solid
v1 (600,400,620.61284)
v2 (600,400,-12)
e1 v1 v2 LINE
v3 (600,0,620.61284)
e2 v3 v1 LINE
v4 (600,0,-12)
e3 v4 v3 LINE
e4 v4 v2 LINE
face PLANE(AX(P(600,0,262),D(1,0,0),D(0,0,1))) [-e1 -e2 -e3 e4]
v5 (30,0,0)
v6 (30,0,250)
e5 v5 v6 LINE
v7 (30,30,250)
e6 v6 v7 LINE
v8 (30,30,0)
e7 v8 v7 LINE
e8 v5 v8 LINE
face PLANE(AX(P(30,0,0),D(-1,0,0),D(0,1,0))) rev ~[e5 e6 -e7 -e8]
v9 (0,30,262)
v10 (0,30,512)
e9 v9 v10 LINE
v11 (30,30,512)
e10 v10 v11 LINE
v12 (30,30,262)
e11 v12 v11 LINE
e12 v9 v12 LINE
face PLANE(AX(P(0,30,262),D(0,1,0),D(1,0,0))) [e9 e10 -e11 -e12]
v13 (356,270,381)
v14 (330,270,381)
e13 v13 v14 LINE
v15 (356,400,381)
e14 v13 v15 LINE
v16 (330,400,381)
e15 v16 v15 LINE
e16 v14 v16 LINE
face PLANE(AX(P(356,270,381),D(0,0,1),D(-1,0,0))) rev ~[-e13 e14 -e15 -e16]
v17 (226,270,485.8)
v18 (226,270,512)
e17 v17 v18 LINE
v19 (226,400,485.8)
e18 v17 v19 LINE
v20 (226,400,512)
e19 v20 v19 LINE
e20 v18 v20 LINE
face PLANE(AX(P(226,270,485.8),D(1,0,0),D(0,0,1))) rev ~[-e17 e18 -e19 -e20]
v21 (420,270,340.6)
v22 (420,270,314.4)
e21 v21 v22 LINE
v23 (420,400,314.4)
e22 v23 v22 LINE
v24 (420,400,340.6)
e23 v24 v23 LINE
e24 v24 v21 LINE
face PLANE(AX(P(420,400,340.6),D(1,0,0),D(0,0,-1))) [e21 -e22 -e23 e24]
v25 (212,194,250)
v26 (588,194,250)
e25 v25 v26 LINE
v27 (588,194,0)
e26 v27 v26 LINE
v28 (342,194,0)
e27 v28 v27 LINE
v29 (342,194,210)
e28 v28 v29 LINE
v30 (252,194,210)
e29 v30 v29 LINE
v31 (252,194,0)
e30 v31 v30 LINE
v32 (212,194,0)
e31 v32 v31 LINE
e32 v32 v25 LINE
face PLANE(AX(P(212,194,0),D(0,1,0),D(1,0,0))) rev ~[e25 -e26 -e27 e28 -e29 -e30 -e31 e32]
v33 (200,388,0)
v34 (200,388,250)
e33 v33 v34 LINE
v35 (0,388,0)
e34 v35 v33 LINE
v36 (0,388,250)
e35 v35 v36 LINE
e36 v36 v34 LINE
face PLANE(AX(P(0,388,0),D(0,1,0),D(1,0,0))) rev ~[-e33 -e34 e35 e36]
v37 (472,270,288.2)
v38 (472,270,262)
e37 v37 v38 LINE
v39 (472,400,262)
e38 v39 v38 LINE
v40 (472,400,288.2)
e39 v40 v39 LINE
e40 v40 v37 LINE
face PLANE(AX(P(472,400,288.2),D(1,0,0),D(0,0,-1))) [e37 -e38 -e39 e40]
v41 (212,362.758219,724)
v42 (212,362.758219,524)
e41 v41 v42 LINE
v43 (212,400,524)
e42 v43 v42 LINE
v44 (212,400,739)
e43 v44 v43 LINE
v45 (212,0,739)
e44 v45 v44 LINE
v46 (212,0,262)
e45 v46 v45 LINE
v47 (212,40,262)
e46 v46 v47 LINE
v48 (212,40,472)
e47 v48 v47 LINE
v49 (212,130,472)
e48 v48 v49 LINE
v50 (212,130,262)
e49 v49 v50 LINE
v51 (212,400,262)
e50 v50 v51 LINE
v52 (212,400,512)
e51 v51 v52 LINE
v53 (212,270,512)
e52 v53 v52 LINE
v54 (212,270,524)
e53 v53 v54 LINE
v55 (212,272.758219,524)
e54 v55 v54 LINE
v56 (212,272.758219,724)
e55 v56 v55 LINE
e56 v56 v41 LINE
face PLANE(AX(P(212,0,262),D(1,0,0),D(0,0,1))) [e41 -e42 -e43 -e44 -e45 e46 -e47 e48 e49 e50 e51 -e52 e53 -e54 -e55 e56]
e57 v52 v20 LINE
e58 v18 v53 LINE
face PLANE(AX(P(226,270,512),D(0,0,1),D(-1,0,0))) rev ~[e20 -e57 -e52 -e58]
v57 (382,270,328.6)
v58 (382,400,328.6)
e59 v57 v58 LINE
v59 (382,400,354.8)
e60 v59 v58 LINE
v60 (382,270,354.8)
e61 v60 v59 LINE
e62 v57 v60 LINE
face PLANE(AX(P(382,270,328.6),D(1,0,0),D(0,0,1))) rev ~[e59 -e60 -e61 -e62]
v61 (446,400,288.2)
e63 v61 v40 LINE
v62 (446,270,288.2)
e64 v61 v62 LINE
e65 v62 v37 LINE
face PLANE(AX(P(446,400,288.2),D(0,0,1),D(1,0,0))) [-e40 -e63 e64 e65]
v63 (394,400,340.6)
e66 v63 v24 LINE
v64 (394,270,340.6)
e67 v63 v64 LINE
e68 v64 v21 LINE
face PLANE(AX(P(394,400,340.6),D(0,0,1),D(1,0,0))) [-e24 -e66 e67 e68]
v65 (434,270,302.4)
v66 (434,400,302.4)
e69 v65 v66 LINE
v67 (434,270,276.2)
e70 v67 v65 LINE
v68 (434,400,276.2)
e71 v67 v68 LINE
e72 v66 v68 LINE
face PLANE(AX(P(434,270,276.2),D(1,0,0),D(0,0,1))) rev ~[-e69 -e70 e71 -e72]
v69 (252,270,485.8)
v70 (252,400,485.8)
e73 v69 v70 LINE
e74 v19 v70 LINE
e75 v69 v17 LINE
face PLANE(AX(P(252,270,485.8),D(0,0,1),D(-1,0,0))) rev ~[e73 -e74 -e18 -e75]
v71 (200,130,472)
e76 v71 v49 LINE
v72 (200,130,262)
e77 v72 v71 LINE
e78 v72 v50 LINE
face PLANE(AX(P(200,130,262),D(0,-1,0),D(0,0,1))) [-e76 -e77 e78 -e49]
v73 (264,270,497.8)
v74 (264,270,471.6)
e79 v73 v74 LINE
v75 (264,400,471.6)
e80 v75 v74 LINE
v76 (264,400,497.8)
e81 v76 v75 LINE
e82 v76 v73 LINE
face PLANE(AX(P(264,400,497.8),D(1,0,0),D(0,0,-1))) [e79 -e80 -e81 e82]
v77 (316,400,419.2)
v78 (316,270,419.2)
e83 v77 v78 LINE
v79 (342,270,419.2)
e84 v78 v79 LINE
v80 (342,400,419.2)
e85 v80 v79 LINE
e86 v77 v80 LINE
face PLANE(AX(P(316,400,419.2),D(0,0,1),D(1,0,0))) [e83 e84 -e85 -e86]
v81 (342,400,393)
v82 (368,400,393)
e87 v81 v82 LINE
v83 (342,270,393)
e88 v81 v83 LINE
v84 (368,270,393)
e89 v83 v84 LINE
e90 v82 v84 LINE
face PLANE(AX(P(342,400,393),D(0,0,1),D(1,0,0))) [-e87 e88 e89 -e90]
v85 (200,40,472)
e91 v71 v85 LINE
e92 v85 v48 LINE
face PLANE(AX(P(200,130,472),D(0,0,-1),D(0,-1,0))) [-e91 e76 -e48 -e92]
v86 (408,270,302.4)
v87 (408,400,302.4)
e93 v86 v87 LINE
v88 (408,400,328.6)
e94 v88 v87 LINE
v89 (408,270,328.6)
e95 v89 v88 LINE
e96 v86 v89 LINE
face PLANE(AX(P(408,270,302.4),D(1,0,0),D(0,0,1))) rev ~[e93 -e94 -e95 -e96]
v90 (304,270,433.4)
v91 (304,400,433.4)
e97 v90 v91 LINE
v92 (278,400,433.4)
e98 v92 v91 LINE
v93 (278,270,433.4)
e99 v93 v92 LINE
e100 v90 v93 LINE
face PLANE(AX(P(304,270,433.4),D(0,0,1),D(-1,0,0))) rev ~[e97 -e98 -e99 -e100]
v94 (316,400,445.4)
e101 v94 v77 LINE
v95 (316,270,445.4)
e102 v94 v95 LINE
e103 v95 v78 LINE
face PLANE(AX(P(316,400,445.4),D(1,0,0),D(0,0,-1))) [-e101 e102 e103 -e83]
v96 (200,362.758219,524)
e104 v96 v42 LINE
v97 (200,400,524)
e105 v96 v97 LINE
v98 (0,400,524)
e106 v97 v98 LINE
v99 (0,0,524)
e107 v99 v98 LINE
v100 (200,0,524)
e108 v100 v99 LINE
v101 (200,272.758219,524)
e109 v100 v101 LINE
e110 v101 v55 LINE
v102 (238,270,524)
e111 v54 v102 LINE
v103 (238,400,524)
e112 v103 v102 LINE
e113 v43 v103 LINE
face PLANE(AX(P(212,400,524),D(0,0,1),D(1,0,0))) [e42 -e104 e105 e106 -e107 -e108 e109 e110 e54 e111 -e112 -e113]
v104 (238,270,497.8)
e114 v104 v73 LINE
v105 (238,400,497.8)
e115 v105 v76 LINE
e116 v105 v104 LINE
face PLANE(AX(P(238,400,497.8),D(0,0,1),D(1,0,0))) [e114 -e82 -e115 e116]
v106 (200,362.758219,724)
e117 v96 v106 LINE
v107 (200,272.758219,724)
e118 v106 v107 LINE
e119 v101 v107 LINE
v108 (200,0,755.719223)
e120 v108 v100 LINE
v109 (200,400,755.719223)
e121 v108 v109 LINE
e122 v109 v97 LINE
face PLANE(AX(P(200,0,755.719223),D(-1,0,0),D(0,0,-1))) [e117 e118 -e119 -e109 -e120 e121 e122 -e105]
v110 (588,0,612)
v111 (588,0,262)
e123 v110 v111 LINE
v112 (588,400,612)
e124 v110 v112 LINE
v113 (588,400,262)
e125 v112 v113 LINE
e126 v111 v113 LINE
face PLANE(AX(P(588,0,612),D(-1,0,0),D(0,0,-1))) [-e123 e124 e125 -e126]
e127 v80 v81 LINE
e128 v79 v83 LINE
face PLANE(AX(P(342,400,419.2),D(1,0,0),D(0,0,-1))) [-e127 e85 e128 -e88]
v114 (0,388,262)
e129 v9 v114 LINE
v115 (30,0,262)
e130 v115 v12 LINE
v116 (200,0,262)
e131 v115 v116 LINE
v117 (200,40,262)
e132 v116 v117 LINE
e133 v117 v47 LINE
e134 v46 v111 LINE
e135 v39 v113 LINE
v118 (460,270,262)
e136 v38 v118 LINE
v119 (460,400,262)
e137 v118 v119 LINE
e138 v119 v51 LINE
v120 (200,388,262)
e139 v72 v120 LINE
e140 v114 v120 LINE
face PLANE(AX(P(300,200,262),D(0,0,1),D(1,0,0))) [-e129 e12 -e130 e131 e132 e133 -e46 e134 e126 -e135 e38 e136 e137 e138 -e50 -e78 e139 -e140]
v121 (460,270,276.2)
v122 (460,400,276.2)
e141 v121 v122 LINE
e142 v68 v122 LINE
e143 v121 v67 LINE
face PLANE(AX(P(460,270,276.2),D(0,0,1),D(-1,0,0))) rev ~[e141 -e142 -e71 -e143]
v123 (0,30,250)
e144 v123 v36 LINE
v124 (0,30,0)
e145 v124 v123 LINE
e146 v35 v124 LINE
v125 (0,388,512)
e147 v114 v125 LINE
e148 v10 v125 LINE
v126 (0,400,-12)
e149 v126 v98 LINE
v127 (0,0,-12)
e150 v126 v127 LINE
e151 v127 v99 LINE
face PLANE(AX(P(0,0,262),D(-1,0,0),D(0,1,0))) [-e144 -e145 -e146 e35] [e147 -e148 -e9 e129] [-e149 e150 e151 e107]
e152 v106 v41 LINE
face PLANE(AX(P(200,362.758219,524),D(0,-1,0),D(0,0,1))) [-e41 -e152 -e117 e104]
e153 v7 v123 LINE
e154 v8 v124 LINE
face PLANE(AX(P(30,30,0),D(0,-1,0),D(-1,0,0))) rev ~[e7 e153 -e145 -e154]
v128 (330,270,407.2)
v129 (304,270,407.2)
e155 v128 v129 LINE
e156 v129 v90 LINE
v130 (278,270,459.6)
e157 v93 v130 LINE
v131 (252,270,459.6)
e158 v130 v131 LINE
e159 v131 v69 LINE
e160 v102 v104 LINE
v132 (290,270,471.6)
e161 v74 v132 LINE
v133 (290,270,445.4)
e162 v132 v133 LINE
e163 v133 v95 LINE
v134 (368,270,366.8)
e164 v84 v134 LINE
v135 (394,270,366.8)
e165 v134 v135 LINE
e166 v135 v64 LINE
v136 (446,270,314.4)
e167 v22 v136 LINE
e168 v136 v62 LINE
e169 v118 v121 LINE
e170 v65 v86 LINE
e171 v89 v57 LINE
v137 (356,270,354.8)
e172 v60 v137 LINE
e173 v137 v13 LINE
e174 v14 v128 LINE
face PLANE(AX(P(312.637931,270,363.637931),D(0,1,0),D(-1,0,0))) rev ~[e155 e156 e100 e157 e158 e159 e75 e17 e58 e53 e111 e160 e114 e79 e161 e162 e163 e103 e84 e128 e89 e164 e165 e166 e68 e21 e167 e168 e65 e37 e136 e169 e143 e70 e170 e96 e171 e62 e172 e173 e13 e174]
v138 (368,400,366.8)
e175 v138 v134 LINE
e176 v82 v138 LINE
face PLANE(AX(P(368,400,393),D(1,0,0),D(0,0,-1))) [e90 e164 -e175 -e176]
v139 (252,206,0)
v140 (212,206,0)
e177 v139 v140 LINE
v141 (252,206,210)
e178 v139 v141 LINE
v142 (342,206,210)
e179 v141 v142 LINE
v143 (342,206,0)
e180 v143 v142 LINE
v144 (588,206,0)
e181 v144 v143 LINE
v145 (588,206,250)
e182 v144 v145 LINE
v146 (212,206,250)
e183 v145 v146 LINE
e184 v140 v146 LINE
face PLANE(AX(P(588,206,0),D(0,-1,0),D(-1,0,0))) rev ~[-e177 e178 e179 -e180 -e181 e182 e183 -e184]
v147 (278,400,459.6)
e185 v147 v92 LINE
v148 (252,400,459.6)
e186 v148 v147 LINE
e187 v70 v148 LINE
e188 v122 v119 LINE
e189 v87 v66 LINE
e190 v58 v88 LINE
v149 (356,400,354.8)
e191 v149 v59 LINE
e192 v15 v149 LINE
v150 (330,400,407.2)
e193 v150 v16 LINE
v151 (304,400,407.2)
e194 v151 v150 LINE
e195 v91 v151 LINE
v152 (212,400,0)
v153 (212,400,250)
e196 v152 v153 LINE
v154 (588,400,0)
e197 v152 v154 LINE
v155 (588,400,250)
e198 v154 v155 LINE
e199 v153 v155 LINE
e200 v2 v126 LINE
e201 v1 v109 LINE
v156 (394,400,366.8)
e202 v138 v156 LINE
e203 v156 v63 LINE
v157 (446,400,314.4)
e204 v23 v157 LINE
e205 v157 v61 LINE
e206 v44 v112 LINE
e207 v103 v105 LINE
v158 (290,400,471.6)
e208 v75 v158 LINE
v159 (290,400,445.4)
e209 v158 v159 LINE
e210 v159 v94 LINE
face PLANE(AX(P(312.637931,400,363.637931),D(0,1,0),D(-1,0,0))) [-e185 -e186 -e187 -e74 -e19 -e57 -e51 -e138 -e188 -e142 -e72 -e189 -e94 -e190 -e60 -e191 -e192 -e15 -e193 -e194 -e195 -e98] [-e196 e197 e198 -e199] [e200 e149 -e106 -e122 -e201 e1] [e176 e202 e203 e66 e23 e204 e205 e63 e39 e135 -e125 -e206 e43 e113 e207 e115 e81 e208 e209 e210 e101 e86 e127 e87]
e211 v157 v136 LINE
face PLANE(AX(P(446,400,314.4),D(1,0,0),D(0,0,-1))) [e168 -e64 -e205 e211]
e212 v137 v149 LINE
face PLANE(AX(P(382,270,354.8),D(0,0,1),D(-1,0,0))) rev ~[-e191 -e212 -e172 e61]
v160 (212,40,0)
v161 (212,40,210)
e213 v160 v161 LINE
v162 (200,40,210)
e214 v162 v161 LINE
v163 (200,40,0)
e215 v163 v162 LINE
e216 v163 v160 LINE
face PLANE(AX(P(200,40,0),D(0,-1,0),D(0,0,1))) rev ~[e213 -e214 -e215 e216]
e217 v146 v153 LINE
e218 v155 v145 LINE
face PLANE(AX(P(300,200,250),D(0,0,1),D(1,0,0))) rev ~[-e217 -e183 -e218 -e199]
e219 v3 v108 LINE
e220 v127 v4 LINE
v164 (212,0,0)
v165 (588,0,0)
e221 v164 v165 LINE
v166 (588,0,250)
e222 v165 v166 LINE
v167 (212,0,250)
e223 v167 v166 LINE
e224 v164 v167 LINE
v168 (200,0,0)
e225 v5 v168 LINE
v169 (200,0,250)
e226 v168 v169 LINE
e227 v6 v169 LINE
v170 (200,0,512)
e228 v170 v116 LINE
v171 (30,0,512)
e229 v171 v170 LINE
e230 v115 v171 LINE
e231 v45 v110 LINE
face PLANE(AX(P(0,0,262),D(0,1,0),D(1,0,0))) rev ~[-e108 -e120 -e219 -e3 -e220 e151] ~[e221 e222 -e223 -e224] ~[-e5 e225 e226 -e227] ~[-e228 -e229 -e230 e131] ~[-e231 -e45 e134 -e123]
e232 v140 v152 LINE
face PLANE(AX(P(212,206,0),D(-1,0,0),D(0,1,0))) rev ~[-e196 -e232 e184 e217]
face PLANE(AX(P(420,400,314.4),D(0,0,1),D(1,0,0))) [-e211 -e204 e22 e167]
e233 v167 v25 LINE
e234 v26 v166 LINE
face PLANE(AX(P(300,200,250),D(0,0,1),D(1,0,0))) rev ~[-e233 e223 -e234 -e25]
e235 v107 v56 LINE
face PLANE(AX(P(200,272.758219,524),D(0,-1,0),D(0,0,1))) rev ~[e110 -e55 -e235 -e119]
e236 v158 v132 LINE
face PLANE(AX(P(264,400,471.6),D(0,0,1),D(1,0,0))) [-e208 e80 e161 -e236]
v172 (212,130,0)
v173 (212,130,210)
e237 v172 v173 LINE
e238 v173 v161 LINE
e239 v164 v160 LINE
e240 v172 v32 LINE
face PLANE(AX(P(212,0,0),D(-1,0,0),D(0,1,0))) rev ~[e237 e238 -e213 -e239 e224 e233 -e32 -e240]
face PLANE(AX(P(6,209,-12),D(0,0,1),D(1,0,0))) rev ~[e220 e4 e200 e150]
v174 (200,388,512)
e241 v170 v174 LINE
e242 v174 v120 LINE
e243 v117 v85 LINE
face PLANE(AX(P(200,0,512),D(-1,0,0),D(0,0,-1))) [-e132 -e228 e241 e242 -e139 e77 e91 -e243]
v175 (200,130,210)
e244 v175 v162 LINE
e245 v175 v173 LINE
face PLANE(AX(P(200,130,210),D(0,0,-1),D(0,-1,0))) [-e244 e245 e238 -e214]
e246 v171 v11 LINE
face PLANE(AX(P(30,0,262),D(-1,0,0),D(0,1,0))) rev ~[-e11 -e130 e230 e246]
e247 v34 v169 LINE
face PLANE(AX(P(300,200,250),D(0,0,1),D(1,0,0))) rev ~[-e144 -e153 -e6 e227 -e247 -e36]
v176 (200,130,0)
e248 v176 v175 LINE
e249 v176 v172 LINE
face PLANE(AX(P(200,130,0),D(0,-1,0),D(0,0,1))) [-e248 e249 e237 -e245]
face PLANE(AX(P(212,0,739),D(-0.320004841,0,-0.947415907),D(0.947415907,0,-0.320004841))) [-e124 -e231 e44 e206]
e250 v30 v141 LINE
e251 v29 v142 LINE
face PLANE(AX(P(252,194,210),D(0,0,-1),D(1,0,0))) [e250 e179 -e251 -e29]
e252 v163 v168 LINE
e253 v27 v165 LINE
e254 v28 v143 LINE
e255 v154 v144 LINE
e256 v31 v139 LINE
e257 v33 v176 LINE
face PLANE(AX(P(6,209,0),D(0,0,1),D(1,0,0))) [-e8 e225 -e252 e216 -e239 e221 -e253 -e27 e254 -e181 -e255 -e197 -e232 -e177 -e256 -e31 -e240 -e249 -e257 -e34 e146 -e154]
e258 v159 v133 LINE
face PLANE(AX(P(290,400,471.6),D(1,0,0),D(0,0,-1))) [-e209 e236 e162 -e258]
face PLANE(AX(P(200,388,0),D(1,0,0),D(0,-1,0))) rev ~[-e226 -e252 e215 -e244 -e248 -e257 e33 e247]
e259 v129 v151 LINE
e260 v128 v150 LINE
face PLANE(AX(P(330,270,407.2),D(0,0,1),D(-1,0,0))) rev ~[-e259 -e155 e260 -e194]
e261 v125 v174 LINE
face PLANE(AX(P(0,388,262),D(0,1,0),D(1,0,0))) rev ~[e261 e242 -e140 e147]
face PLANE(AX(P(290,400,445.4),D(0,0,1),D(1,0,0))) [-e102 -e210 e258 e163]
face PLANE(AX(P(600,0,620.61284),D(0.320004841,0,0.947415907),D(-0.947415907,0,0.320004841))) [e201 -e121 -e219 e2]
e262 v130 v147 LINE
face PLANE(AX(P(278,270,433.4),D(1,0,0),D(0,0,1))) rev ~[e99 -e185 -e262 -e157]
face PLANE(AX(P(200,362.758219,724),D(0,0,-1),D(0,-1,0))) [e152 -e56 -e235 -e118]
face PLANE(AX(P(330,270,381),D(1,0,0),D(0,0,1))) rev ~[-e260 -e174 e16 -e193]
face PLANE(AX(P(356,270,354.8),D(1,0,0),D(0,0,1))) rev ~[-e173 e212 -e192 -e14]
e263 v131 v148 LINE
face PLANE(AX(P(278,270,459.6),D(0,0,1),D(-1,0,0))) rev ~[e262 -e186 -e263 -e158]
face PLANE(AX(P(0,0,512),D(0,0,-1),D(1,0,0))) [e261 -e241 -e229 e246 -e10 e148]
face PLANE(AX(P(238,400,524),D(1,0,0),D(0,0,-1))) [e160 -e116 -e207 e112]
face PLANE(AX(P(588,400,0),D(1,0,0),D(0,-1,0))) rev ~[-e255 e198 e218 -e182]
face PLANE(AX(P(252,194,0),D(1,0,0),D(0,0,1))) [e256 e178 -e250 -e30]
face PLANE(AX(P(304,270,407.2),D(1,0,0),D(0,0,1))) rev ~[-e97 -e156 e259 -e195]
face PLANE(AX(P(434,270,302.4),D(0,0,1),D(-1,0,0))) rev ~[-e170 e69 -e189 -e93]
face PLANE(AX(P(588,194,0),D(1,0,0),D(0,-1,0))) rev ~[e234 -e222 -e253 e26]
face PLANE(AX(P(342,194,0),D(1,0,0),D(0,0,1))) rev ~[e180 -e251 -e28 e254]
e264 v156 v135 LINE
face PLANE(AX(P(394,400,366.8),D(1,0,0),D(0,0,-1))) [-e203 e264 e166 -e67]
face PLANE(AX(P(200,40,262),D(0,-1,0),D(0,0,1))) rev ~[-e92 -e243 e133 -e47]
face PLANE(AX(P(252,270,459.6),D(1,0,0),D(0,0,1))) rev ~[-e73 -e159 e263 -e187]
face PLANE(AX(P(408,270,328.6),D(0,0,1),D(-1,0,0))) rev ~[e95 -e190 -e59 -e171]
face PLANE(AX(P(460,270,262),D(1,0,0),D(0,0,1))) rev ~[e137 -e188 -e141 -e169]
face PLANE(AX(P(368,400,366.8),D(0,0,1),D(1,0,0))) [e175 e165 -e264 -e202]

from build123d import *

# Parameters (mm, degrees)
F0_W      = 12
F0_H      = 358
F0_W_2    = 18
F0_H_2    = 18
F0_W_3    = 170
F0_H_3    = 12
F0_W_4    = 376
F0_H_4    = 182
F1_DEPTH  = 12
F2_DEPTH  = 250
F3_W      = 90
F3_H      = 210
F4_DEPTH  = 206.001
F5_W      = 90
F5_H      = 210
F6_DEPTH  = 25
F7_W      = 600
F7_H      = 400
F8_DEPTH  = 12
F11_DEPTH = 400
F12_W     = 90
F12_H     = 200
F12_H_2   = 210
F13_DEPTH = 20
F9_W      = 30
F9_H      = 30
F14_DEPTH = 250
F15_DEPTH = 250
F17_DEPTH = 130
F19_DEPTH = 160


with BuildPart() as f1:
    # F0 (on Top) → F1 (new body)
    with BuildSketch(Plane.XY):
        with Locations((6, 209)):
            Rectangle(F0_W, F0_H)
        Polygon((0, 400), (0, 388), (12, 388), (200, 388), (200, 400), align=None)
        Polygon((30, 30), (30, 12), (200, 12), (200, 388), (12, 388), (12, 30), align=None)
        Polygon((0, 30), (0, 0), (30, 0), (30, 12), (12, 12), (12, 30), align=None)
        with Locations((21, 21)):
            Rectangle(F0_W_2, F0_H_2)
        with Locations((115, 6)):
            Rectangle(F0_W_3, F0_H_3)
        Polygon((200, 388), (200, 12), (212, 12), (212, 194), (212, 206), (212, 388), align=None)
        with Locations((206, 6)):
            Rectangle(F0_W, F0_H_3)
        with Locations((400, 6)):
            Rectangle(F0_W_4, F0_H_3)
        with Locations((400, 103)):
            Rectangle(F0_W_4, F0_H_4)
        with Locations((400, 200)):
            Rectangle(F0_W_4, F0_H_3)
        with Locations((400, 297)):
            Rectangle(F0_W_4, F0_H_4)
        with Locations((400, 394)):
            Rectangle(F0_W_4, F0_H_3)
        with Locations((594, 200)):
            Rectangle(F0_W, F0_H_3)
        with Locations((206, 394)):
            Rectangle(F0_W, F0_H_3)
        Polygon((588, 400), (588, 388), (588, 206), (600, 206), (600, 400), align=None)
        Polygon((588, 12), (588, 0), (600, 0), (600, 194), (588, 194), align=None)
    extrude(amount=-F1_DEPTH)

    # F0 (on Top) → F2 (join)
    with BuildSketch(Plane.XY):
        Polygon((0, 400), (0, 388), (12, 388), (200, 388), (200, 400), align=None)
        with Locations((206, 394)):
            Rectangle(F0_W, F0_H_3)
        Polygon((200, 388), (200, 12), (212, 12), (212, 194), (212, 206), (212, 388), align=None)
        with Locations((206, 6)):
            Rectangle(F0_W, F0_H_3)
        with Locations((21, 21)):
            Rectangle(F0_W_2, F0_H_2)
        Polygon((0, 30), (0, 0), (30, 0), (30, 12), (12, 12), (12, 30), align=None)
        with Locations((400, 200)):
            Rectangle(F0_W_4, F0_H_3)
        with Locations((594, 200)):
            Rectangle(F0_W, F0_H_3)
        Polygon((588, 400), (588, 388), (588, 206), (600, 206), (600, 400), align=None)
        Polygon((588, 12), (588, 0), (600, 0), (600, 194), (588, 194), align=None)
    extrude(amount=F2_DEPTH)

    # F3 (on face) → F4 (cut, through all)
    with BuildSketch(Plane.XZ.offset(-194)):
        with Locations((297, 105)):
            Rectangle(F3_W, F3_H)
    extrude(amount=-F4_DEPTH, mode=Mode.SUBTRACT)

    # F5 (on face) → F6 (cut)
    with BuildSketch(Plane(origin=(200, 0, 0), x_dir=(0, -1, 0), z_dir=(-1, 0, 0))):
        with Locations((-85, 105)):
            Rectangle(F5_W, F5_H)
    extrude(amount=-F6_DEPTH, mode=Mode.SUBTRACT)

    # F7 (on face) → F8 (join)
    with BuildSketch(Plane.XY.offset(250)):
        with Locations((300, 200)):
            Rectangle(F7_W, F7_H)
    extrude(amount=F8_DEPTH)

    # F10 (on face) → F11 (join)
    with BuildSketch(Plane.XZ):
        Polygon((0, 524), (0, 512), (12, 512), (200, 512), (200, 262), (212, 262), (212, 524), (212, 739), (588, 612), (588, 262), (600, 262), (600, 620.6128402984), (200, 755.7192232772), (200, 524), align=None)
    extrude(amount=-F11_DEPTH)

    # F12 (on face) → F13 (cut)
    with BuildSketch(Plane(origin=(200, 0, 0), x_dir=(0, -1, 0), z_dir=(-1, 0, 0))):
        with Locations((-317.7582192421, 624)):
            Rectangle(F12_W, F12_H)
        with Locations((-85, 367)):
            Rectangle(F12_W, F12_H_2)
    extrude(amount=-F13_DEPTH, mode=Mode.SUBTRACT)

    # F9 (on face) → F14 (join)
    with BuildSketch(Plane.XY.offset(262)):
        with Locations((15, 15)):
            Rectangle(F9_W, F9_H)
    extrude(amount=F14_DEPTH)

    # F9 (on face) → F15 (join)
    with BuildSketch(Plane.XY.offset(262)):
        Polygon((212, 400), (0, 400), (0, 388), (200, 388), (212, 388), align=None)
    extrude(amount=F15_DEPTH)

    # F16 (on face) → F17 (join)
    with BuildSketch(Plane(origin=(0, 400, 0), x_dir=(-1, 0, 0), z_dir=(0, 1, 0))):
        Polygon((-212, 262), (-212, 524), (-238, 524), (-238, 497.8), (-264, 497.8), (-264, 471.6), (-290, 471.6), (-290, 445.4), (-316, 445.4), (-316, 419.2), (-342, 419.2), (-342, 393), (-368, 393), (-368, 366.8), (-394, 366.8), (-394, 340.6), (-420, 340.6), (-420, 314.4), (-446, 314.4), (-446, 288.2), (-472, 288.2), (-472, 262), align=None)
    extrude(amount=-F17_DEPTH)

    # F18 (on face) → F19 (cut)
    with BuildSketch(Plane.XZ.offset(-270)):
        Polygon((212, 262), (460, 262), (460, 276.2), (434, 276.2), (434, 302.4), (408, 302.4), (408, 328.6), (382, 328.6), (382, 354.8), (356, 354.8), (356, 381), (330, 381), (330, 407.2), (304, 407.2), (304, 433.4), (278, 433.4), (278, 459.6), (252, 459.6), (252, 485.8), (226, 485.8), (226, 512), (212, 512), align=None)
    extrude(amount=-F19_DEPTH, mode=Mode.SUBTRACT)


solid = f1.part
